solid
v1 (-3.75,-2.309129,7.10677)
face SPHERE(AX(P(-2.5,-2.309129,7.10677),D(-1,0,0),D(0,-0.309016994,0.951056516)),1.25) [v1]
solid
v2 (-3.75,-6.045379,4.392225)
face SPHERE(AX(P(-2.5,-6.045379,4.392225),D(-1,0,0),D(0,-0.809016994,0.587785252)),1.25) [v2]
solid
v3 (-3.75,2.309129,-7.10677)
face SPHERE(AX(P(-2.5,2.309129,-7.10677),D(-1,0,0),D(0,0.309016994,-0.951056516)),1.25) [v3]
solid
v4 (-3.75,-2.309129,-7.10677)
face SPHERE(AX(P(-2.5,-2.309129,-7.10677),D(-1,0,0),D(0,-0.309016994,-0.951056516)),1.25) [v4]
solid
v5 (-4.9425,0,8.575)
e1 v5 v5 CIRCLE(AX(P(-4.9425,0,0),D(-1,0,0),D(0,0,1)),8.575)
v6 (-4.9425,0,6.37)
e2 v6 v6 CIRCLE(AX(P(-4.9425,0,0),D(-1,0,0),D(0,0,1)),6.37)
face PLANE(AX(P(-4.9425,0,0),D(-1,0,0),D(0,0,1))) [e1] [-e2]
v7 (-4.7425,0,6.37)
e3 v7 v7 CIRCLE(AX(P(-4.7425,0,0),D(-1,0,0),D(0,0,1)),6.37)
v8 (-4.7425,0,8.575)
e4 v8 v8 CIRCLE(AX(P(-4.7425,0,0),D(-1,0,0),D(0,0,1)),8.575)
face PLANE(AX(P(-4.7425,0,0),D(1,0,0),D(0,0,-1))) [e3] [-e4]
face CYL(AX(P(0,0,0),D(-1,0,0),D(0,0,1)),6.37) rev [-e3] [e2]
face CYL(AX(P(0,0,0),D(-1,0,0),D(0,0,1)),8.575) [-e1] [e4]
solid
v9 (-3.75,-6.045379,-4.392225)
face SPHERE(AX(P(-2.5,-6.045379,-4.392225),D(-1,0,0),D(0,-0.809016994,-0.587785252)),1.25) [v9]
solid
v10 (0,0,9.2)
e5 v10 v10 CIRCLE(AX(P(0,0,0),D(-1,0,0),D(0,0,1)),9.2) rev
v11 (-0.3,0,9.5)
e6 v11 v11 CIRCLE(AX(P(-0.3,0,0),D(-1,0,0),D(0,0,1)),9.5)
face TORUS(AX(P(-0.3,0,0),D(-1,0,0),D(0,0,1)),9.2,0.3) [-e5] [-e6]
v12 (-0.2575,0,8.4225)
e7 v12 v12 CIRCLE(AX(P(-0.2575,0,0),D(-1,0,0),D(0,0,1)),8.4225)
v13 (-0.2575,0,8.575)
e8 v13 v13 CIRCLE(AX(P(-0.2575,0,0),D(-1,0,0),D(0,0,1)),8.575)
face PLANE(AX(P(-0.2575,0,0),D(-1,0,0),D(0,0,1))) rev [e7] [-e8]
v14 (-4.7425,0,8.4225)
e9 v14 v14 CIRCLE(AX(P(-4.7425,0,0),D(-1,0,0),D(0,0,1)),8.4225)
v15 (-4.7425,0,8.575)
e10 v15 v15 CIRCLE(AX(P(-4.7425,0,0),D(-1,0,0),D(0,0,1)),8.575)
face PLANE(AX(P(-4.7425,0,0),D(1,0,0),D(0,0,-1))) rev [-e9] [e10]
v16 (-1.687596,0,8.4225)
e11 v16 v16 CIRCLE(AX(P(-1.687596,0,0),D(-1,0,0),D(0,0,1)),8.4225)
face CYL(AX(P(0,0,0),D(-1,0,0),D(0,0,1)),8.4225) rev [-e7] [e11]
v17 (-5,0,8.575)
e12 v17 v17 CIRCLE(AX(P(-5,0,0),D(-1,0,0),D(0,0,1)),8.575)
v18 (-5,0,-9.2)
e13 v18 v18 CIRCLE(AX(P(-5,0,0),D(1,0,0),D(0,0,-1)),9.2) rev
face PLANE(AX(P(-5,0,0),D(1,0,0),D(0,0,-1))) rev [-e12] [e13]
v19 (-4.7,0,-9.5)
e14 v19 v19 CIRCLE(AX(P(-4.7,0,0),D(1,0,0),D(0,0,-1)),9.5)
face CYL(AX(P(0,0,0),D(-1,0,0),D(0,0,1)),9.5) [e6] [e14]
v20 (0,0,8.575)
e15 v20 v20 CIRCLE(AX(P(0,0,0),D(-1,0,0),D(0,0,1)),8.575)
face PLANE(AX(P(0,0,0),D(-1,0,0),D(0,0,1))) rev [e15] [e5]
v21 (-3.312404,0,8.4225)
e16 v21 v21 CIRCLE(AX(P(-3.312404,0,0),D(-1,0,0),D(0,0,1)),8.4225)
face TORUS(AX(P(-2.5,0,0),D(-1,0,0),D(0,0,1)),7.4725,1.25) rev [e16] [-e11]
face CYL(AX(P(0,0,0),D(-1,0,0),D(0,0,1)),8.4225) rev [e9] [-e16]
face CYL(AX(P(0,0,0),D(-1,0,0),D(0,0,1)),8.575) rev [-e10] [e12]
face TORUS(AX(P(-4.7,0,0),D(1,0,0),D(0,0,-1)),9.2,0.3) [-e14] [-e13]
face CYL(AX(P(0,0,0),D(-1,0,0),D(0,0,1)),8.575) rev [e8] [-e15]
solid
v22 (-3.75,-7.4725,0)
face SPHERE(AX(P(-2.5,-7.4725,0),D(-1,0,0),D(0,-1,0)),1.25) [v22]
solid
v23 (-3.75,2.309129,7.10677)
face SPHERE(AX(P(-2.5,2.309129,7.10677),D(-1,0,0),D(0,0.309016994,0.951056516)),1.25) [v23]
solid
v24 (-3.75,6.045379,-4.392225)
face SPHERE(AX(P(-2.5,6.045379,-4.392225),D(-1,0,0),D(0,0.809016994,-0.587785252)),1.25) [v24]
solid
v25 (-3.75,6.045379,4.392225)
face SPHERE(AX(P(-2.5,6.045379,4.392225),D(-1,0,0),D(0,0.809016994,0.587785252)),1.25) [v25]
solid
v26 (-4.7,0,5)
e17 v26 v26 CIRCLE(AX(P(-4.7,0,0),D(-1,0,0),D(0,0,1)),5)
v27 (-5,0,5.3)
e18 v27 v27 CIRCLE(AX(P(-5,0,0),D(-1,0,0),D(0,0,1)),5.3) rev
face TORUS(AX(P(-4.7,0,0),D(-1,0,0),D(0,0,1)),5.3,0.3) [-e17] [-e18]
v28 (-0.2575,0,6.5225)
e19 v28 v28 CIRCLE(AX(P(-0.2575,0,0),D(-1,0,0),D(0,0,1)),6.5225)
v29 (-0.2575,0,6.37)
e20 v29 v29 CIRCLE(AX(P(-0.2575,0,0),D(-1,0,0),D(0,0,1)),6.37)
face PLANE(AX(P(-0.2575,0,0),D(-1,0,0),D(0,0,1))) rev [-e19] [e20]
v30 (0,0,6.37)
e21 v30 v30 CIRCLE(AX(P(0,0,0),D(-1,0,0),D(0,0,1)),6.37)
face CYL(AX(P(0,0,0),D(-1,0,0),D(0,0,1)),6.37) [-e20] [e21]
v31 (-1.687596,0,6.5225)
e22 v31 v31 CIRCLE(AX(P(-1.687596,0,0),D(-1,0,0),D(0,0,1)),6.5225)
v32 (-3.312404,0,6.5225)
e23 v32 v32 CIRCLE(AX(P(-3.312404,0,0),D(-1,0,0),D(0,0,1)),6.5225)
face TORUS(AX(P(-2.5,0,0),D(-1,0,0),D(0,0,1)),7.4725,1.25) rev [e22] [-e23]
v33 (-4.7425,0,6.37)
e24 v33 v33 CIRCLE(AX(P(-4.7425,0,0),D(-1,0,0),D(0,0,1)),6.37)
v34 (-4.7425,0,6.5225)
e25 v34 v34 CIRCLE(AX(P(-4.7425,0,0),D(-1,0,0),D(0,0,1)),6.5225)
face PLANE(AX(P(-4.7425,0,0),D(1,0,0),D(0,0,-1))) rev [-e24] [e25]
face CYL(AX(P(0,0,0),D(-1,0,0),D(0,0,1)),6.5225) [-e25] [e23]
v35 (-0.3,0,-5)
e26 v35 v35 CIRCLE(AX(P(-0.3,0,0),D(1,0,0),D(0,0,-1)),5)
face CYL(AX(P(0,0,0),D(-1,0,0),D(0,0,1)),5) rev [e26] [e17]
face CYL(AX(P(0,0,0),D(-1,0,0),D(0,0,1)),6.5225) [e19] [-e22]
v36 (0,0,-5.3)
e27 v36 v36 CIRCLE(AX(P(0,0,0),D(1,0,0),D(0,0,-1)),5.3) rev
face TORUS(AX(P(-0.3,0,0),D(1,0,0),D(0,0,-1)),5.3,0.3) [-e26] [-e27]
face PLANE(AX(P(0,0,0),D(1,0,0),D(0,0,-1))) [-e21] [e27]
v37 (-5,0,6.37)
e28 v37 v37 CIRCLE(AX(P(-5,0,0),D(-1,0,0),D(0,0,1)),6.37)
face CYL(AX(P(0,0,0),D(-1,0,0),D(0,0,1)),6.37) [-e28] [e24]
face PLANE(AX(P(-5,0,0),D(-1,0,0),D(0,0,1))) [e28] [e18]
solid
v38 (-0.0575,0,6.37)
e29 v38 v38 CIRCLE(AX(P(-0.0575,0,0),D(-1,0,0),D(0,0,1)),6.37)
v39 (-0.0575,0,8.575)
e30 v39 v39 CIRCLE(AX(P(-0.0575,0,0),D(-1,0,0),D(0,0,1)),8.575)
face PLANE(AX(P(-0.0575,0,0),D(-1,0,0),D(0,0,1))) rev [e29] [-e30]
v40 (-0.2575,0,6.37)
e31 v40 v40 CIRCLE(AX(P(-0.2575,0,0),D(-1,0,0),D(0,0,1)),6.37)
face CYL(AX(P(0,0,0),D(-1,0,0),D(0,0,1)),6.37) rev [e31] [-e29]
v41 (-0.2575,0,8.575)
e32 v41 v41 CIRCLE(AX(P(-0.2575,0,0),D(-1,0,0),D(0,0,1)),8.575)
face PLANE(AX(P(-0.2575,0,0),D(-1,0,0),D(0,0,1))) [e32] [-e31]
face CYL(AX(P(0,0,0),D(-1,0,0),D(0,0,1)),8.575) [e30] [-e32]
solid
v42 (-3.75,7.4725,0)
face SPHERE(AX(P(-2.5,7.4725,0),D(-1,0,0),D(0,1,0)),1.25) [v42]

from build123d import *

# Parameters (mm, degrees)
PATTERN_CIRCULAR_5_COUNT = 10
SKETCH_1_3_W             = 0.2
SKETCH_1_3_H             = 2.205
FILLET_1_R               = 0.3
FILLET_2_R               = 0.3


with BuildPart() as part:
    # ｽｹｯﾁ1 → 回転1 (revolve)
    with BuildSketch(Plane.XY):
        with BuildLine():
            Line((0, 8.575), (0, 9.5))
            Line((0, 9.5), (-5, 9.5))
            Line((-5, 9.5), (-5, 8.575))
            Line((-5, 8.575), (-4.7425, 8.575))
            Line((-4.7425, 8.575), (-4.7425, 8.4225))
            Line((-4.7425, 8.4225), (-3.31240384, 8.4225))
            ThreePointArc((-3.31240384, 8.4225), (-2.5, 8.7225), (-1.68759616, 8.4225))
            Line((-1.68759616, 8.4225), (-0.2575, 8.4225))
            Line((-0.2575, 8.4225), (-0.2575, 8.575))
            Line((-0.2575, 8.575), (0, 8.575))
        make_face()
        with BuildLine():
            Line((0, 6.37), (-0.2575, 6.37))
            Line((-0.2575, 6.37), (-0.2575, 6.5225))
            Line((-0.2575, 6.5225), (-1.68759616, 6.5225))
            ThreePointArc((-1.68759616, 6.5225), (-2.5, 6.2225), (-3.31240384, 6.5225))
            Line((-3.31240384, 6.5225), (-4.7425, 6.5225))
            Line((-4.7425, 6.5225), (-4.7425, 6.37))
            Line((-4.7425, 6.37), (-5, 6.37))
            Line((-5, 6.37), (-5, 5))
            Line((-5, 5), (0, 5))
            Line((0, 5), (0, 6.37))
        make_face()
    revolve(axis=Axis((0, 0, 0), (1, 0, 0)))

    # ﾌｨﾚｯﾄ1
    fillet_1_edges = [part.edges().sort_by_distance(p)[0] for p in [
        (0, -5, 0),
        (-5, -5, 0),
    ]]
    fillet(fillet_1_edges, radius=FILLET_1_R)

    # ﾌｨﾚｯﾄ2
    fillet_2_edges = [part.edges().sort_by_distance(p)[0] for p in [
        (-5, -9.5, 0),
        (0, -9.5, 0),
    ]]
    fillet(fillet_2_edges, radius=FILLET_2_R)


with BuildPart() as body_2:
    # ｽｹｯﾁ1<4> → 回転3 (revolve)
    with BuildSketch(Plane.XY):
        with BuildLine():
            ThreePointArc((-1.25, 7.4725), (-1.364657585, 7.99546998), (-1.68759616, 8.4225))
            ThreePointArc((-1.68759616, 8.4225), (-2.5, 8.7225), (-3.31240384, 8.4225))
            ThreePointArc((-3.31240384, 8.4225), (-3.635342415, 7.99546998), (-3.75, 7.4725))
            Line((-3.75, 7.4725), (-1.25, 7.4725))
        make_face()
    revolve(axis=Axis((-5, 7.4725, 0), (1, 0, 0)))


with BuildPart() as pattern_circular_5_1:
    # 円形ﾊﾟﾀｰﾝ5: pattern copy
    add(body_2.part.rotate(Axis((0, 0, 0), (-1, 0, 0)), 1 * 360 / PATTERN_CIRCULAR_5_COUNT))


with BuildPart() as pattern_circular_5_2:
    # 円形ﾊﾟﾀｰﾝ5: pattern copy
    add(body_2.part.rotate(Axis((0, 0, 0), (-1, 0, 0)), 2 * 360 / PATTERN_CIRCULAR_5_COUNT))


with BuildPart() as pattern_circular_5_3:
    # 円形ﾊﾟﾀｰﾝ5: pattern copy
    add(body_2.part.rotate(Axis((0, 0, 0), (-1, 0, 0)), 3 * 360 / PATTERN_CIRCULAR_5_COUNT))


with BuildPart() as pattern_circular_5_4:
    # 円形ﾊﾟﾀｰﾝ5: pattern copy
    add(body_2.part.rotate(Axis((0, 0, 0), (-1, 0, 0)), 4 * 360 / PATTERN_CIRCULAR_5_COUNT))


with BuildPart() as pattern_circular_5_5:
    # 円形ﾊﾟﾀｰﾝ5: pattern copy
    add(body_2.part.rotate(Axis((0, 0, 0), (-1, 0, 0)), 5 * 360 / PATTERN_CIRCULAR_5_COUNT))


with BuildPart() as pattern_circular_5_6:
    # 円形ﾊﾟﾀｰﾝ5: pattern copy
    add(body_2.part.rotate(Axis((0, 0, 0), (-1, 0, 0)), 6 * 360 / PATTERN_CIRCULAR_5_COUNT))


with BuildPart() as pattern_circular_5_7:
    # 円形ﾊﾟﾀｰﾝ5: pattern copy
    add(body_2.part.rotate(Axis((0, 0, 0), (-1, 0, 0)), 7 * 360 / PATTERN_CIRCULAR_5_COUNT))


with BuildPart() as pattern_circular_5_8:
    # 円形ﾊﾟﾀｰﾝ5: pattern copy
    add(body_2.part.rotate(Axis((0, 0, 0), (-1, 0, 0)), 8 * 360 / PATTERN_CIRCULAR_5_COUNT))


with BuildPart() as pattern_circular_5_9:
    # 円形ﾊﾟﾀｰﾝ5: pattern copy
    add(body_2.part.rotate(Axis((0, 0, 0), (-1, 0, 0)), 9 * 360 / PATTERN_CIRCULAR_5_COUNT))


with BuildPart() as body_12:
    # ｽｹｯﾁ1<3> → 回転2 (revolve)
    with BuildSketch(Plane.XY):
        with Locations((-0.1575, 7.4725)):
            Rectangle(SKETCH_1_3_W, SKETCH_1_3_H)
        with Locations((-4.8425, 7.4725)):
            Rectangle(SKETCH_1_3_W, SKETCH_1_3_H)
    revolve(axis=Axis((0, 0, 0), (1, 0, 0)))


solid = Compound([part.part, body_2.part, pattern_circular_5_1.part, pattern_circular_5_2.part, pattern_circular_5_3.part, pattern_circular_5_4.part, pattern_circular_5_5.part, pattern_circular_5_6.part, pattern_circular_5_7.part, pattern_circular_5_8.part, pattern_circular_5_9.part, body_12.part])
